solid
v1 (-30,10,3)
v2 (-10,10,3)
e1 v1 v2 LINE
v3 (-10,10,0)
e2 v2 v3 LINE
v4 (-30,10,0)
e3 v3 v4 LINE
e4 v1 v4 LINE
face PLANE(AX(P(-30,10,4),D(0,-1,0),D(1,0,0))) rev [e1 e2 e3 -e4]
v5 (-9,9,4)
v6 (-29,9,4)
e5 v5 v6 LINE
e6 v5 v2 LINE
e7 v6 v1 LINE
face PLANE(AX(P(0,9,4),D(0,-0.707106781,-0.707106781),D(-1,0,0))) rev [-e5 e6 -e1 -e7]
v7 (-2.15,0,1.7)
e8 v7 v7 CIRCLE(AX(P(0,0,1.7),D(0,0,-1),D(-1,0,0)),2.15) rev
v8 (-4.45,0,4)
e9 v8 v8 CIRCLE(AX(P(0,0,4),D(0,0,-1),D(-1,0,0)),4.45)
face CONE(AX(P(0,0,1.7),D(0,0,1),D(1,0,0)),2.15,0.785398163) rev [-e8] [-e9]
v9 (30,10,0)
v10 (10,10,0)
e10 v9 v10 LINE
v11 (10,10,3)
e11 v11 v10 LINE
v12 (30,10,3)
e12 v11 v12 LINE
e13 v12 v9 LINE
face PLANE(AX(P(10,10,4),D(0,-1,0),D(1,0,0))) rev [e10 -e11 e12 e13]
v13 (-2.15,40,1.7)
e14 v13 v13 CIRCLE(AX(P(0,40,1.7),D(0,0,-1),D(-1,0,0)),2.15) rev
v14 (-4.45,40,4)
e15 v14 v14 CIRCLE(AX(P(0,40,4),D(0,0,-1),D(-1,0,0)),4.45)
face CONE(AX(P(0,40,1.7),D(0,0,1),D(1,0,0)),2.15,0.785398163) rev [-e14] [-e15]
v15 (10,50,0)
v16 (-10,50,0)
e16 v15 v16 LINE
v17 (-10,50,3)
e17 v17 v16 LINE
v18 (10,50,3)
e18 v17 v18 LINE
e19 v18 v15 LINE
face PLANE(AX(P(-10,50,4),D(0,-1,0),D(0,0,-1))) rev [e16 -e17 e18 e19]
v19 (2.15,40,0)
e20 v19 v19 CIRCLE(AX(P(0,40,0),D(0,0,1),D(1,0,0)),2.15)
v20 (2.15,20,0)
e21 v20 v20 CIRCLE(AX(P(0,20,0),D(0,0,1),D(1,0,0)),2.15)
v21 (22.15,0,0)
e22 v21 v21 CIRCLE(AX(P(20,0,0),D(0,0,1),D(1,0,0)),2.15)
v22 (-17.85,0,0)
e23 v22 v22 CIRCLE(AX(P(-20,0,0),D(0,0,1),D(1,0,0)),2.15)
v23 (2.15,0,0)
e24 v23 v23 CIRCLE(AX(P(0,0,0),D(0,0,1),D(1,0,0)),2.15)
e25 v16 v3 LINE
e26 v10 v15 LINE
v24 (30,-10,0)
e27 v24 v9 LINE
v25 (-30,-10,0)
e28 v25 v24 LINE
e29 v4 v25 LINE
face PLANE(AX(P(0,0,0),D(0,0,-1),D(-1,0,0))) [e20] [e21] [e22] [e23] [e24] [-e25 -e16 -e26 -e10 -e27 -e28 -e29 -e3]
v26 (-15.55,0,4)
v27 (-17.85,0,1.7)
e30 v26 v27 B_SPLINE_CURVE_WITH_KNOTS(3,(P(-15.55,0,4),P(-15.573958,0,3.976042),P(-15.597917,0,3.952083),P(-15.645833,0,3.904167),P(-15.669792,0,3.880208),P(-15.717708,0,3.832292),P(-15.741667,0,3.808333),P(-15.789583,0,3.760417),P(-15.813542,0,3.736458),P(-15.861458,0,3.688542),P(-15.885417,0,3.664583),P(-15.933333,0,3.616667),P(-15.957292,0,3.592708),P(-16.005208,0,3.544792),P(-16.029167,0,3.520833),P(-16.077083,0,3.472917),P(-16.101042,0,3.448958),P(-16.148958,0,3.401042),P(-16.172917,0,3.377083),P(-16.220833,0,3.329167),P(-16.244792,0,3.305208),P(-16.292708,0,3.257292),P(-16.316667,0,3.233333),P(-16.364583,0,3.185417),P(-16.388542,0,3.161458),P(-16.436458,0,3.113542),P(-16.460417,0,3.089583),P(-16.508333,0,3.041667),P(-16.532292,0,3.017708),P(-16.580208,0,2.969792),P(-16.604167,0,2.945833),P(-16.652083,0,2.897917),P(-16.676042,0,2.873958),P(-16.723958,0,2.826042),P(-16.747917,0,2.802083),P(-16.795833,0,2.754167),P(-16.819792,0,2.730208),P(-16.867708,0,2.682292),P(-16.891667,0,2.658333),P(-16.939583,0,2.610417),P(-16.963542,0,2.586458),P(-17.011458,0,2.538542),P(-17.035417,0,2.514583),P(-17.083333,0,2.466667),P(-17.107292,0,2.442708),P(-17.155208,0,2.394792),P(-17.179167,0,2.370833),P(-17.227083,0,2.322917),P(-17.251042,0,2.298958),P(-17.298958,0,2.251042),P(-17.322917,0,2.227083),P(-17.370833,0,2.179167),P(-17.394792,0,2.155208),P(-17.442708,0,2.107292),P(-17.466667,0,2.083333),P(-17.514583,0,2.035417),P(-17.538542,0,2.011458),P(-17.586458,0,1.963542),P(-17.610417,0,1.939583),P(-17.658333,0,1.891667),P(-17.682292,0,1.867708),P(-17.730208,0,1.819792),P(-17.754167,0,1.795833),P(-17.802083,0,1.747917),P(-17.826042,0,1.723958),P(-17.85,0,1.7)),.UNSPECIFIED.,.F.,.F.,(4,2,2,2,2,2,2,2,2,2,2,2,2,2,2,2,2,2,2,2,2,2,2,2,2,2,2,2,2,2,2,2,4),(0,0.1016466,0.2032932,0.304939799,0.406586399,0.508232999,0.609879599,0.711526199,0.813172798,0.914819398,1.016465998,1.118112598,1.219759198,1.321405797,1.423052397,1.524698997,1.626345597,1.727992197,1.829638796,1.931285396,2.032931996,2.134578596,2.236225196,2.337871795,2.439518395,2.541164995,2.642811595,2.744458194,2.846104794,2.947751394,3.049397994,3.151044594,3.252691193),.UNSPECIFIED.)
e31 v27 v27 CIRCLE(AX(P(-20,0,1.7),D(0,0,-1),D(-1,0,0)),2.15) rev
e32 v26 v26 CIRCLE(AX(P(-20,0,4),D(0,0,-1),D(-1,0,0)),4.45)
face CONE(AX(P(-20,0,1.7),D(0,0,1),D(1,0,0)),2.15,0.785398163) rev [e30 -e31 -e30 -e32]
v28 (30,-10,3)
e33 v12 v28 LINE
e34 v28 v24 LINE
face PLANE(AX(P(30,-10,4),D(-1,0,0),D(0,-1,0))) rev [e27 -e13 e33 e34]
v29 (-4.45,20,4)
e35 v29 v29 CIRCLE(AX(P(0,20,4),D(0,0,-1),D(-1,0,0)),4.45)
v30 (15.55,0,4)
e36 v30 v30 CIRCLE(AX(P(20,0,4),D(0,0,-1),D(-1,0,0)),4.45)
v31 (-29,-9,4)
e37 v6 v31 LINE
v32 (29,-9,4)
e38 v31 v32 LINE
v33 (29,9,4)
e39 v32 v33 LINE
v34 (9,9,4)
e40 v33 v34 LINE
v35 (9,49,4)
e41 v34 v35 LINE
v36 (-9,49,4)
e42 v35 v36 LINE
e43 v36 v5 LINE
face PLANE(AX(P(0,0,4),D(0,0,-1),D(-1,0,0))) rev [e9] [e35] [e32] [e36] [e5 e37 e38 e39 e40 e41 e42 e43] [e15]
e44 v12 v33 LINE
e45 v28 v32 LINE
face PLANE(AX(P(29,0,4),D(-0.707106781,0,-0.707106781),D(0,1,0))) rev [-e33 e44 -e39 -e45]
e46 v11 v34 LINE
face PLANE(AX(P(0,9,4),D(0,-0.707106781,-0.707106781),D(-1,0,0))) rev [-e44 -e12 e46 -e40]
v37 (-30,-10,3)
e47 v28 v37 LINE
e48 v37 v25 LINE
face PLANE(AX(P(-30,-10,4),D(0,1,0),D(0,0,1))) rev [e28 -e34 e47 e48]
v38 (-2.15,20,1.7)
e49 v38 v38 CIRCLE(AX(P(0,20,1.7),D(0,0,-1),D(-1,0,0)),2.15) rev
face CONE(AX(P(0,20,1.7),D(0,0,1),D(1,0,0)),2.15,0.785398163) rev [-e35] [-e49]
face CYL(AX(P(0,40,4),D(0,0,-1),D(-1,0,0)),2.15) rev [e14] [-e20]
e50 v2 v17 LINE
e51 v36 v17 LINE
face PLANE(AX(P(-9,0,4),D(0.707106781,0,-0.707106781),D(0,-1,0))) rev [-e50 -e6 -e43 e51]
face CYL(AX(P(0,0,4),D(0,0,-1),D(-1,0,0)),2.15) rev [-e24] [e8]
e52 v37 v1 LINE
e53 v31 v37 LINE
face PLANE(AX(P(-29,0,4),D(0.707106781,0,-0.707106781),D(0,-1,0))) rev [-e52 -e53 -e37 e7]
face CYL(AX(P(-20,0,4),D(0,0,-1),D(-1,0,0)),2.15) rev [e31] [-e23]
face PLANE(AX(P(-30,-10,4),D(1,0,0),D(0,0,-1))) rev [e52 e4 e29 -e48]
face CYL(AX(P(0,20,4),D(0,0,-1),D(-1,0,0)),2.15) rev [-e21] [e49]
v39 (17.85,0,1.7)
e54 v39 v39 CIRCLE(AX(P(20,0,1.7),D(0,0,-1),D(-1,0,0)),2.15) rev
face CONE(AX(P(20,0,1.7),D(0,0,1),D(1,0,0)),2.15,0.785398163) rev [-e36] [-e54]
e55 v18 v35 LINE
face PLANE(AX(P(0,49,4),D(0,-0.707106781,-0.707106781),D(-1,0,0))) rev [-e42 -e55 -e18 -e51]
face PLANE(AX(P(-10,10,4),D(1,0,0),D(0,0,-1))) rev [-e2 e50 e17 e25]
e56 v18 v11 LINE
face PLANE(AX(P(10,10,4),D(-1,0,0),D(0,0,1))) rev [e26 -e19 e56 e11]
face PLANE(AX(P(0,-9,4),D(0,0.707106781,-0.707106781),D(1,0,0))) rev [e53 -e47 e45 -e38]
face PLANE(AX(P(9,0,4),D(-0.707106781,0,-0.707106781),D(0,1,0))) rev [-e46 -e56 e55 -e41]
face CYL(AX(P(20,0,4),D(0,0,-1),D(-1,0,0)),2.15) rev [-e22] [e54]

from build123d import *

# Parameters (mm, degrees)
SKETCH1_R           = 2.15
BOSS_EXTRUDE1_DEPTH = 4
CHAMFER2_SIZE       = 2.3
CHAMFER3_SIZE       = 1


with BuildPart() as part:
    # Sketch1 → Boss-Extrude1 (new body)
    with BuildSketch(Plane.XY):
        Polygon((10, 10), (30, 10), (30, -10), (-30, -10), (-30, 10), (-10, 10), (-10, 50), (10, 50), align=None)
        with Locations((0, 20)):
            Circle(SKETCH1_R, mode=Mode.SUBTRACT)
        with Locations((20, 0)):
            Circle(SKETCH1_R, mode=Mode.SUBTRACT)
        with Locations((-20, 0)):
            Circle(SKETCH1_R, mode=Mode.SUBTRACT)
        with Locations((0, 40)):
            Circle(SKETCH1_R, mode=Mode.SUBTRACT)
        Circle(SKETCH1_R, mode=Mode.SUBTRACT)
    extrude(amount=BOSS_EXTRUDE1_DEPTH)

    # Chamfer2
    chamfer2_edges = [part.edges().sort_by_distance(p)[0] for p in [
        (17.85, 0, 4),
        (-2.15, 20, 4),
        (-22.15, 0, 4),
        (-2.15, 40, 4),
        (-2.15, 0, 4),
    ]]
    chamfer(chamfer2_edges, length=CHAMFER2_SIZE)

    # Chamfer3
    chamfer3_edges = [part.edges().sort_by_distance(p)[0] for p in [
        (10, 30, 4),
        (0, 50, 4),
        (-10, 30, 4),
        (-20, 10, 4),
        (-30, 0, 4),
        (0, -10, 4),
        (30, 0, 4),
        (20, 10, 4),
    ]]
    chamfer(chamfer3_edges, length=CHAMFER3_SIZE)


solid = part.part
